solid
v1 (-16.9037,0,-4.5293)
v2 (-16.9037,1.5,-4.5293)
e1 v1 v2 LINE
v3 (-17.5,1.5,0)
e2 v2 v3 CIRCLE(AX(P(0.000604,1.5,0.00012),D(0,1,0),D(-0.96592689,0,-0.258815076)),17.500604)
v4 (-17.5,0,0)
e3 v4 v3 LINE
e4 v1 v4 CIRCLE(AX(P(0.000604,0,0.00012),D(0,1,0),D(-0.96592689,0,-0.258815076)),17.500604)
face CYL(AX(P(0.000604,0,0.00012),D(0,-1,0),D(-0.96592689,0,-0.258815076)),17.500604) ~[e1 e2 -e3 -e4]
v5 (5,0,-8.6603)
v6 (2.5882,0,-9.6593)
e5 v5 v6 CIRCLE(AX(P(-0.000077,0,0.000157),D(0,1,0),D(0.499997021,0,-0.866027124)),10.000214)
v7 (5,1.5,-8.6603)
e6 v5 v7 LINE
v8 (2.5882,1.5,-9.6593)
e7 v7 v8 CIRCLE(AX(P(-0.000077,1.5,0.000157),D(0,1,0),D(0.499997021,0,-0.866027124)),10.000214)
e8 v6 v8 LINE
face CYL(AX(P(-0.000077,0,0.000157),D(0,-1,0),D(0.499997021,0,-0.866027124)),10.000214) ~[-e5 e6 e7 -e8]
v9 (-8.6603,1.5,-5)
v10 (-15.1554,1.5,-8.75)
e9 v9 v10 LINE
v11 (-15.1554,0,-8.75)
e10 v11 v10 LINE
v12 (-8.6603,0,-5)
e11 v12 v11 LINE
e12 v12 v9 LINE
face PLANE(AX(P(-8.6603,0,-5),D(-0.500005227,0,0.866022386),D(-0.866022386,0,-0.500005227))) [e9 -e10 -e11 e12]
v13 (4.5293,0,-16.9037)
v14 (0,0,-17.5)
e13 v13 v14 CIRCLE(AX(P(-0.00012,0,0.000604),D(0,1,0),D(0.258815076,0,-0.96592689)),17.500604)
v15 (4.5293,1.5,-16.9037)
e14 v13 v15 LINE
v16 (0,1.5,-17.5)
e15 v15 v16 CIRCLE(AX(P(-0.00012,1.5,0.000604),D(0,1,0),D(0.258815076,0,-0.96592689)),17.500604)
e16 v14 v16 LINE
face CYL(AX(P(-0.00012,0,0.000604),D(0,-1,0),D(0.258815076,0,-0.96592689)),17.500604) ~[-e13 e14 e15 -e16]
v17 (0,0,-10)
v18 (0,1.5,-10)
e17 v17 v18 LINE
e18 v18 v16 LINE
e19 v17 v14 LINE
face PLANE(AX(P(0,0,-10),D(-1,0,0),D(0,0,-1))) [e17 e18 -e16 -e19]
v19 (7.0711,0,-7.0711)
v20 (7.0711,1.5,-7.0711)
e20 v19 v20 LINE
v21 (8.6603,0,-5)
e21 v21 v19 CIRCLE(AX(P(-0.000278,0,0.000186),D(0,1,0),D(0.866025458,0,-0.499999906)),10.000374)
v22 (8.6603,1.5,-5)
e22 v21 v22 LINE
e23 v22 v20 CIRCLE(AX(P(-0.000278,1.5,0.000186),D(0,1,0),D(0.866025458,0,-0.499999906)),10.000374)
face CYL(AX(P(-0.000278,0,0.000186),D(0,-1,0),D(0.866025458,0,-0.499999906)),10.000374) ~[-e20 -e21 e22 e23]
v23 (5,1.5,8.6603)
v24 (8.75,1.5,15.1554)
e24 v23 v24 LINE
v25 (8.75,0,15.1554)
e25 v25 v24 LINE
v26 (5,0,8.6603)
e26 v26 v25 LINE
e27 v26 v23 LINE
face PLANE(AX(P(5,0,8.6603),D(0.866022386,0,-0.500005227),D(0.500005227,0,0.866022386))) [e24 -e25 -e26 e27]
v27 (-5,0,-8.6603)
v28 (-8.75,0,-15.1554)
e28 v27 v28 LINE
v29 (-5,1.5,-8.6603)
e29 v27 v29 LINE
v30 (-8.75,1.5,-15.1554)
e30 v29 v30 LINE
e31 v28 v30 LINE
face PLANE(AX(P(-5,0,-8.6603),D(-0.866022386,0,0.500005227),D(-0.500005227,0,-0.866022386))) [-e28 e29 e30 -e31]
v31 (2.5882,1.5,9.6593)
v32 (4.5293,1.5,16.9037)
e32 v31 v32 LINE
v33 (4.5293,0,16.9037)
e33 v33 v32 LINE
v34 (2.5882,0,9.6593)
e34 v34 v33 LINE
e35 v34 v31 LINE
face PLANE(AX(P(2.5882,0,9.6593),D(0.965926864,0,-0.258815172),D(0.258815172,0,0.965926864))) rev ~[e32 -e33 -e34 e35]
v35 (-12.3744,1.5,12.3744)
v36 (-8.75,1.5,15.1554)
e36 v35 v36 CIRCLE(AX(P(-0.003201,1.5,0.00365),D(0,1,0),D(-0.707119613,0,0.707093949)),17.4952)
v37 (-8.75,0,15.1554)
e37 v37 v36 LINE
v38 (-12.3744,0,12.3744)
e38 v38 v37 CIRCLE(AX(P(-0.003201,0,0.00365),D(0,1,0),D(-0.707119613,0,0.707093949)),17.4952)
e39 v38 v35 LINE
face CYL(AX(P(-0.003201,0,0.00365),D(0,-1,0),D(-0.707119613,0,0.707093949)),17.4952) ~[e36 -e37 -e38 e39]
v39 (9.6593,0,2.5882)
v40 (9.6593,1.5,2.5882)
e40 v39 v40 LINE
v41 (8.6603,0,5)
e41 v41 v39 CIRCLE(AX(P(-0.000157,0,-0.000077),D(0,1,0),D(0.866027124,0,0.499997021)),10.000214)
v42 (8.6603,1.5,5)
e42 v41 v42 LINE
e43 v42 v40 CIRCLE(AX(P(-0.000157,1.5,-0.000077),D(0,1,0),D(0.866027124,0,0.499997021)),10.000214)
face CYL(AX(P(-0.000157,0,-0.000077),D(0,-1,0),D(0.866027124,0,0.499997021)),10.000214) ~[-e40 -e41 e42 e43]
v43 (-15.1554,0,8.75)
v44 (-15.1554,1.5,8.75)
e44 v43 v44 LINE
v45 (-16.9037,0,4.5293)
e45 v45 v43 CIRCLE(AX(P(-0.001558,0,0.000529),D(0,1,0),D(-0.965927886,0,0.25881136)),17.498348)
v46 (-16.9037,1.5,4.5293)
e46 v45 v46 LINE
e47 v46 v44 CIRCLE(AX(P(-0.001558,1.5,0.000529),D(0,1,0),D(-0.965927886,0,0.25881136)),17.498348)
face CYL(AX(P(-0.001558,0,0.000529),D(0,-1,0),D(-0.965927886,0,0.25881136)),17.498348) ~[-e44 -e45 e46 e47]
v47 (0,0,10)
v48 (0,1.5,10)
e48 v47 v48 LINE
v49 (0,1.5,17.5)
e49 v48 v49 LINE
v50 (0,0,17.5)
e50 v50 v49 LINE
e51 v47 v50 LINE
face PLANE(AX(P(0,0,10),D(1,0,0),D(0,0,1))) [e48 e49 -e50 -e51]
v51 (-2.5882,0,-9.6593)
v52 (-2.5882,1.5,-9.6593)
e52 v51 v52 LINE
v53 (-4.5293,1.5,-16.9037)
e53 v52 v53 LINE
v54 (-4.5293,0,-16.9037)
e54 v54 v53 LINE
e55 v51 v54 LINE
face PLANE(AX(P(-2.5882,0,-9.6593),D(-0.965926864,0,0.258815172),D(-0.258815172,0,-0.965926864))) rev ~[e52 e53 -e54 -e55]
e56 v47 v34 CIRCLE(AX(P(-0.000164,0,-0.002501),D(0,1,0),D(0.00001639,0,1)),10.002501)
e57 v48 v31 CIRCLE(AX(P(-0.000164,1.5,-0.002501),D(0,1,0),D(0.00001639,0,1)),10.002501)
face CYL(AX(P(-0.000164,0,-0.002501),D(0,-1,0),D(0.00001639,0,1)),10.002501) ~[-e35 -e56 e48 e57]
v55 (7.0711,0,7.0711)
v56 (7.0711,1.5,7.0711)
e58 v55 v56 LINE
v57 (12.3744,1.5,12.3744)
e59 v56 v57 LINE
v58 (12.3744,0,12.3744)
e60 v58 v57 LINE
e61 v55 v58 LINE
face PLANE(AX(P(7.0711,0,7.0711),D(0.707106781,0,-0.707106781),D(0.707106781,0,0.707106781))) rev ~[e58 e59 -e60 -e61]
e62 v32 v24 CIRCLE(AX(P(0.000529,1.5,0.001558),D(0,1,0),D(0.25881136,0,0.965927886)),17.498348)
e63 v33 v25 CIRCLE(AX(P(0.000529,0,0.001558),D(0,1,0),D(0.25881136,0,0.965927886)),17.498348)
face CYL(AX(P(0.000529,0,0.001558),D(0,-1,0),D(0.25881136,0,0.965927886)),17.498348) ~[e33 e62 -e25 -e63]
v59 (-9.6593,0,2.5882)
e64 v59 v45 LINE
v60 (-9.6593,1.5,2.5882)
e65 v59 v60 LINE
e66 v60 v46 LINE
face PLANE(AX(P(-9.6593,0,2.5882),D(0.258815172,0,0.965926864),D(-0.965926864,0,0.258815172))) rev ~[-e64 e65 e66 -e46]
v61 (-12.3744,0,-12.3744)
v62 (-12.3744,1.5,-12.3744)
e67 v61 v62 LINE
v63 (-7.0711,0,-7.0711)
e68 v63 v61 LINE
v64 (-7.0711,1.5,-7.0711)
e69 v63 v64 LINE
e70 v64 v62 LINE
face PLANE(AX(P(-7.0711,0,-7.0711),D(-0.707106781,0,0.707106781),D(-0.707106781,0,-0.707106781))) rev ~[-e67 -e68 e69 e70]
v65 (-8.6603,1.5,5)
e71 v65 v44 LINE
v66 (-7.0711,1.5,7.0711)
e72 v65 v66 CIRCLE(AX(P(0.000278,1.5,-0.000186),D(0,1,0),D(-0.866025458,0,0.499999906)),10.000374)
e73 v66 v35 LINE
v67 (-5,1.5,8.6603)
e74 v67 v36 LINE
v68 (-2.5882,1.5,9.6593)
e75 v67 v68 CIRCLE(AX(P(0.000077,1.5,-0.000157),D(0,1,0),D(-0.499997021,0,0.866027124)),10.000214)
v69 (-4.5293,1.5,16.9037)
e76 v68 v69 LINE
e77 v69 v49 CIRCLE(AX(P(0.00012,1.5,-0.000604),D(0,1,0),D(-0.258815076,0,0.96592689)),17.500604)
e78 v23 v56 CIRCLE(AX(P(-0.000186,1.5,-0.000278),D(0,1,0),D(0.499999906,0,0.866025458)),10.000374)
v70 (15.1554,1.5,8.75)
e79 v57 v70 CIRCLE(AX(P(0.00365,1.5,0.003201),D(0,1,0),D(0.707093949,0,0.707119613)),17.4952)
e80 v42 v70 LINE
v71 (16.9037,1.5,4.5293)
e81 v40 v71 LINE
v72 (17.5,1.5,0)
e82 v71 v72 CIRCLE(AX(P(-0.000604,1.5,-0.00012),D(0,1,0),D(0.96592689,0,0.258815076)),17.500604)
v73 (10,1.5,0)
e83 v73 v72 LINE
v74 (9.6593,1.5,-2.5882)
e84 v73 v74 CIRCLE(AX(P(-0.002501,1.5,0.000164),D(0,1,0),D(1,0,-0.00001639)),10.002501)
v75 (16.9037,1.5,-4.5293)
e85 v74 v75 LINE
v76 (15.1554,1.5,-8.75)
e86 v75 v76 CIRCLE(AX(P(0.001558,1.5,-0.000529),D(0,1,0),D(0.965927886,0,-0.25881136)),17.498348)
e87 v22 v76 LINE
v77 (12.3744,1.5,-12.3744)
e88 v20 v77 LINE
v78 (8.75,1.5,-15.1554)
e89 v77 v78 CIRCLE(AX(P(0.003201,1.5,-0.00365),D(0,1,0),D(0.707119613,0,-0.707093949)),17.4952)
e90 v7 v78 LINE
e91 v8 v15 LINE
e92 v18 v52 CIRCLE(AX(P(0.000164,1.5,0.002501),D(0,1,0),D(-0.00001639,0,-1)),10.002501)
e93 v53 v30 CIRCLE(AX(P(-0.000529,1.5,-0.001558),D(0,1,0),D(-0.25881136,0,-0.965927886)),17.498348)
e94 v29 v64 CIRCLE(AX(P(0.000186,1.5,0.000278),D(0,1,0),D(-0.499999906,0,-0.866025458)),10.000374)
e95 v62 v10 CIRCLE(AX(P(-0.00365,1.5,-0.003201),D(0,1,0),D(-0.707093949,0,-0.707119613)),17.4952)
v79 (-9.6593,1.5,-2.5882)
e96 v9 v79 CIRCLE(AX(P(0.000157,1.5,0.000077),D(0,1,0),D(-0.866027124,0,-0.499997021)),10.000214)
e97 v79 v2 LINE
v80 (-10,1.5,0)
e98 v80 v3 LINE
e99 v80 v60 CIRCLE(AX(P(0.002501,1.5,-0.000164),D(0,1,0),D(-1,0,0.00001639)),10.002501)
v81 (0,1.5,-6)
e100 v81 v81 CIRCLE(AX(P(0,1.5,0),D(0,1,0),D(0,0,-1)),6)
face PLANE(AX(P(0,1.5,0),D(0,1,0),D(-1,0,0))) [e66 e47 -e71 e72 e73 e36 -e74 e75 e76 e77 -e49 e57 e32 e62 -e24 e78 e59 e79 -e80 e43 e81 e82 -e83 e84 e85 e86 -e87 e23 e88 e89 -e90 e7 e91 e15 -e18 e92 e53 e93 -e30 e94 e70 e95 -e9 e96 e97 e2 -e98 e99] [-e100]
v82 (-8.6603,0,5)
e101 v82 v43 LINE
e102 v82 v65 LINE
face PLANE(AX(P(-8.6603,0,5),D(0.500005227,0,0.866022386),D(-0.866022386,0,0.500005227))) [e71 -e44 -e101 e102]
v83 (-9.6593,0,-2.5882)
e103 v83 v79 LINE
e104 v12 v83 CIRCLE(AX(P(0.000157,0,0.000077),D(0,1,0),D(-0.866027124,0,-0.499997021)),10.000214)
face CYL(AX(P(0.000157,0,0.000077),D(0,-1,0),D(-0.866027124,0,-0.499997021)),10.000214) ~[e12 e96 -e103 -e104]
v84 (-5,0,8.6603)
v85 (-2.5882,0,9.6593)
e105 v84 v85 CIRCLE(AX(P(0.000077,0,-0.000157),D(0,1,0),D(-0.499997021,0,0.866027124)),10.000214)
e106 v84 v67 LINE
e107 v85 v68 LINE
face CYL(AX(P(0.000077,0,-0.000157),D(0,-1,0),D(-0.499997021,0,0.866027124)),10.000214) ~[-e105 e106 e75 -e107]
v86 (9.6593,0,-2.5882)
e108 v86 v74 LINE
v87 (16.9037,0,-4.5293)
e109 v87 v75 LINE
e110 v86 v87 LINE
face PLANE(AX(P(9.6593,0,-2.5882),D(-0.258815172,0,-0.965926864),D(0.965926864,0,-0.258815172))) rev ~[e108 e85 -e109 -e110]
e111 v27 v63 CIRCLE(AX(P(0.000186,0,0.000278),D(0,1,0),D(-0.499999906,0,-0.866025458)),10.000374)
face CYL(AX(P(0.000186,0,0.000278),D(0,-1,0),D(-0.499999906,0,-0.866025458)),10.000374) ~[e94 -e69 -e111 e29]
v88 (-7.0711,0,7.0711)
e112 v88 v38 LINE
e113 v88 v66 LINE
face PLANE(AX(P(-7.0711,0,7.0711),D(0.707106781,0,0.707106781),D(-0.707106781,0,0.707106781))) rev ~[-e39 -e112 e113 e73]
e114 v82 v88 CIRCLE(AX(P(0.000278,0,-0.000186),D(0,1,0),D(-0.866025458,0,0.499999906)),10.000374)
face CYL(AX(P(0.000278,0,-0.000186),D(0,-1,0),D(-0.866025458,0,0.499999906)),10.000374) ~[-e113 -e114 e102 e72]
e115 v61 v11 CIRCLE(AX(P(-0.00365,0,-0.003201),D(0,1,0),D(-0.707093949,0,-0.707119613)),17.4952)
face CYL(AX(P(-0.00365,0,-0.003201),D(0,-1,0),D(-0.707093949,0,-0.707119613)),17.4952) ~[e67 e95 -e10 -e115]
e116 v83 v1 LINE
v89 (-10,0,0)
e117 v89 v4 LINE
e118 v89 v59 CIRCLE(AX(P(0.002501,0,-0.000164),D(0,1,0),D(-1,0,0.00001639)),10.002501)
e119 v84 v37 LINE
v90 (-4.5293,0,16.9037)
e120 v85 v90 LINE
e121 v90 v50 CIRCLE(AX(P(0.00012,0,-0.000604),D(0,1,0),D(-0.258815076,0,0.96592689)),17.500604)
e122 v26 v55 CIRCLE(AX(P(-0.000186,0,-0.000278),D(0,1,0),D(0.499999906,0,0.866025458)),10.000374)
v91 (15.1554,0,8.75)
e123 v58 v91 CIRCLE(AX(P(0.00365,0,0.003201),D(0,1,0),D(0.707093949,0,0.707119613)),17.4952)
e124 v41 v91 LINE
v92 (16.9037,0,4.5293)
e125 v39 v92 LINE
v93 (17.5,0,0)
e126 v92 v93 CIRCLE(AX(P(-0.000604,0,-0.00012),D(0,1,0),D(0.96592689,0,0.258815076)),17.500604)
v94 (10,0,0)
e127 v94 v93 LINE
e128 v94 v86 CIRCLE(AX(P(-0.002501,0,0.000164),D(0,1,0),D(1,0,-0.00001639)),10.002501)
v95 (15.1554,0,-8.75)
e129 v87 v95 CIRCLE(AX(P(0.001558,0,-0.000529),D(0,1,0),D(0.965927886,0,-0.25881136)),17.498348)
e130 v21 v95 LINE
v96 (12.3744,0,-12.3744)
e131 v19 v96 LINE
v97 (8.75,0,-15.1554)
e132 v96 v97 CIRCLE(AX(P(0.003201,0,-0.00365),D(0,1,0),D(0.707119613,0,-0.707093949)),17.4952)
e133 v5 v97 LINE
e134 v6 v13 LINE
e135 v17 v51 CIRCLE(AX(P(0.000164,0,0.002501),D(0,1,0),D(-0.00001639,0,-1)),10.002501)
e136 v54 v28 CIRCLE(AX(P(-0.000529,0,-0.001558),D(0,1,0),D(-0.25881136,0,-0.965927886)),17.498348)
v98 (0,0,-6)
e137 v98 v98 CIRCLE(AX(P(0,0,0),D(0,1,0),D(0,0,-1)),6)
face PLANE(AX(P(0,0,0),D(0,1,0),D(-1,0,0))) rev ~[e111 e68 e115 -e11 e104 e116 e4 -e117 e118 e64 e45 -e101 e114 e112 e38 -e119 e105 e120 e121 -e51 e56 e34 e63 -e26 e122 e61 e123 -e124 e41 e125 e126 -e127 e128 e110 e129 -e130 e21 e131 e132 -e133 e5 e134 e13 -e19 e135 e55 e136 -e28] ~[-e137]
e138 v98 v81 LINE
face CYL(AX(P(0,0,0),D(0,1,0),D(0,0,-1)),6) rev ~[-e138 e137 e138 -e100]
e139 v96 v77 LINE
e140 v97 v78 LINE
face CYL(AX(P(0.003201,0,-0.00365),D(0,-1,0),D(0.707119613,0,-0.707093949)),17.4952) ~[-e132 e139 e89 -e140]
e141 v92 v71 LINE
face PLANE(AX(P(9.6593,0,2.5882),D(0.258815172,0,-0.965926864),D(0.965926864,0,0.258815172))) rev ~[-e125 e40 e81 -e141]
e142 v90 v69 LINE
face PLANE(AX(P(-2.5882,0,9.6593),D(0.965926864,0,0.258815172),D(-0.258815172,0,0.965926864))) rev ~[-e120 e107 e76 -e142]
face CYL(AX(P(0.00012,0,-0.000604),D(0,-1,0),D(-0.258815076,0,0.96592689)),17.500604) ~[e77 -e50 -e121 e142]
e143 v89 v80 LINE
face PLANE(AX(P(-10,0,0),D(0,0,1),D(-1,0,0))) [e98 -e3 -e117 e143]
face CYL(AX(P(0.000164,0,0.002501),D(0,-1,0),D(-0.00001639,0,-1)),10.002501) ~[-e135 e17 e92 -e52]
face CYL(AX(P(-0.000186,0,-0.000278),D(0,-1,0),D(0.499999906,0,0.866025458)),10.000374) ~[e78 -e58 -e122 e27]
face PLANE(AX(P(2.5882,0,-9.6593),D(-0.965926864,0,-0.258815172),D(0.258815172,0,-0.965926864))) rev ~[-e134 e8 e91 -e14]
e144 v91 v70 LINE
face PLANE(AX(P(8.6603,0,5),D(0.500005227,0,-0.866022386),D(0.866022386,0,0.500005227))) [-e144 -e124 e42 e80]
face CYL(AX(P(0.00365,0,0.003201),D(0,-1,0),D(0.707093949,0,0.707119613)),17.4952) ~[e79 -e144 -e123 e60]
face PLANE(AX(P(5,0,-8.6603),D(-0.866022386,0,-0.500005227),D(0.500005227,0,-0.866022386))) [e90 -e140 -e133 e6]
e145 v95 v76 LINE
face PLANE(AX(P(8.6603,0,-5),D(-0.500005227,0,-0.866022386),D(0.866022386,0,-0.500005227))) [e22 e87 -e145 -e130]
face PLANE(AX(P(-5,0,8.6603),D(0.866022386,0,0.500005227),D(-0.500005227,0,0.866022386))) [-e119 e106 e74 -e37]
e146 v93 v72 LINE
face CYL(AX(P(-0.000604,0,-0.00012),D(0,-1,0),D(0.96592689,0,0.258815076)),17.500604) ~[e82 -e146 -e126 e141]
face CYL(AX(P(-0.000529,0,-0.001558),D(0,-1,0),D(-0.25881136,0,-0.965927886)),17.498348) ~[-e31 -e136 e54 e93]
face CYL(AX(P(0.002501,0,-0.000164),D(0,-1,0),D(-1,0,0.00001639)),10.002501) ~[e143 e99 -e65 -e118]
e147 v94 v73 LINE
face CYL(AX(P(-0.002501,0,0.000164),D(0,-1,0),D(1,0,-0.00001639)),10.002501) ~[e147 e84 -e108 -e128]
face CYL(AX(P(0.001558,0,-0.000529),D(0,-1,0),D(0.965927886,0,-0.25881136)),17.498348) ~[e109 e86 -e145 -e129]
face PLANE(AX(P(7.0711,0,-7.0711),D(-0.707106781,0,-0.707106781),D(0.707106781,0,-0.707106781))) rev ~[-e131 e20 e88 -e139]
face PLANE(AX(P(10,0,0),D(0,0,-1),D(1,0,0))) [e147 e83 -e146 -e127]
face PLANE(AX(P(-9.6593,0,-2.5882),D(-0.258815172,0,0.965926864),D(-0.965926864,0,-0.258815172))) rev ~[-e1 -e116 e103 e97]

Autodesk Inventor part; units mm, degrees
ref_plane "YZ Plane" through (0, 0, 0) normal (1, 0, 0) x (0, 1, 0)
ref_plane "XZ Plane" through (0, 0, 0) normal (0, 1, 0) x (-1, 0, 0)
ref_plane "XY Plane" through (0, 0, 0) normal (0, 0, 1) x (1, 0, 0)
sketch "Boceto1" plane through (0, 0, 0) normal (0, 1, 0) x (-1, 0, 0)
  line L0 (0, -10) -> (0, -17.5)
  arc A0 (0, -10) -> (2.5882, -9.6593) centre (0, 0) ccw
  line L1 (2.5882, -9.6593) -> (4.5293, -16.9037)
  line L2 (5, -8.6603) -> (8.75, -15.1554)
  arc A1 (5, -8.6603) -> (7.0711, -7.0711) centre (0, 0) ccw
  line L3 (7.0711, -7.0711) -> (12.3744, -12.3744)
  line L4 (8.6603, -5) -> (15.1554, -8.75)
  arc A2 (8.6603, -5) -> (9.6593, -2.5882) centre (0, 0) ccw
  line L5 (9.6593, -2.5882) -> (16.9037, -4.5293)
  line L6 (10, 0) -> (17.5, 0)
  arc A3 (10, 0) -> (9.6593, 2.5882) centre (0, 0) ccw
  line L7 (9.6593, 2.5882) -> (16.9037, 4.5293)
  line L8 (8.6603, 5) -> (15.1554, 8.75)
  arc A4 (8.6603, 5) -> (7.0711, 7.0711) centre (0, 0) ccw
  line L9 (7.0711, 7.0711) -> (12.3744, 12.3744)
  line L10 (5, 8.6603) -> (8.75, 15.1554)
  arc A5 (5, 8.6603) -> (2.5882, 9.6593) centre (0, 0) ccw
  line L11 (2.5882, 9.6593) -> (4.5293, 16.9037)
  line L12 (0, 10) -> (0, 17.5)
  arc A6 (0, 10) -> (-2.5882, 9.6593) centre (0, 0) ccw
  line L13 (-2.5882, 9.6593) -> (-4.5293, 16.9037)
  line L14 (-5, 8.6603) -> (-8.75, 15.1554)
  arc A7 (-5, 8.6603) -> (-7.0711, 7.0711) centre (0, 0) ccw
  line L15 (-7.0711, 7.0711) -> (-12.3744, 12.3744)
  line L16 (-8.6603, 5) -> (-15.1554, 8.75)
  arc A8 (-8.6603, 5) -> (-9.6593, 2.5882) centre (0, 0) ccw
  line L17 (-9.6593, 2.5882) -> (-16.9037, 4.5293)
  line L18 (-10, 0) -> (-17.5, 0)
  arc A9 (-10, 0) -> (-9.6593, -2.5882) centre (0, 0) ccw
  line L19 (-9.6593, -2.5882) -> (-16.9037, -4.5293)
  line L20 (-8.6603, -5) -> (-15.1554, -8.75)
  arc A10 (-8.6603, -5) -> (-7.0711, -7.0711) centre (0, 0) ccw
  line L21 (-7.0711, -7.0711) -> (-12.3744, -12.3744)
  line L22 (-5, -8.6603) -> (-8.75, -15.1554)
  arc A11 (-5, -8.6603) -> (-2.5882, -9.6593) centre (0, 0) ccw
  line L23 (-2.5882, -9.6593) -> (-4.5293, -16.9037)
  arc A12 (12.3744, 12.3744) -> (8.75, 15.1554) centre (0, 0) ccw
  arc A13 (16.9037, 4.5293) -> (15.1554, 8.75) centre (0, 0) ccw
  arc A14 (16.9037, -4.5293) -> (17.5, 0) centre (0, 0) ccw
  arc A15 (12.3744, -12.3744) -> (15.1554, -8.75) centre (0, 0) ccw
  arc A16 (4.5293, -16.9037) -> (8.75, -15.1554) centre (0, 0) ccw
  arc A17 (-4.5293, -16.9037) -> (0, -17.5) centre (0, 0) ccw
  arc A18 (-12.3744, -12.3744) -> (-8.75, -15.1554) centre (0, 0) ccw
  arc A19 (-16.9037, -4.5293) -> (-15.1554, -8.75) centre (0, 0) ccw
  arc A20 (-16.9037, 4.5293) -> (-17.5, 0) centre (0, 0) ccw
  arc A21 (-12.3744, 12.3744) -> (-15.1554, 8.75) centre (0, 0) ccw
  arc A22 (4.5293, 16.9037) -> (0, 17.5) centre (0, 0) ccw
  arc A23 (-4.5293, 16.9037) -> (-8.75, 15.1554) centre (0, 0) ccw
  line L24 (5.1962, 3) -> (7.1962, 3)
  line L25 (7.1962, 3) -> (7.1962, -3)
  line L26 (7.1962, -3) -> (5.1962, -3)
  line L27 (-5.1962, -3) -> (-7.1962, -3)
  line L28 (-7.1962, -3) -> (-7.1962, 3)
  line L29 (-7.1962, 3) -> (-5.1962, 3)
  arc A24 (5.1962, 3) -> (-5.1962, 3) centre (0, 0) ccw
  arc A25 (-5.1962, -3) -> (5.1962, -3) centre (0, 0) ccw
  dimension "d6" = 360
  dimension "d11" = 2
  dimension "d12" = 6
  dimension "d13" = 2
  dimension "d14" = 6
extrude "Extrusión1" add sketch "Boceto1" along normal blind 1.5 contours L0 A17 L23 A11 L22 A18 L21 A10 L20 A19 L19 A9 L18 A20 L17 A8 L16 A21 L15 A7 L14 A23 L13 A6 L12 A22 L11 A5 L10 A12 L9 A4 L8 A13 L7 A3 L6 A14 L5 A2 L4 A15 L3 A1 L2 A16 L1 A0 | L24 L25 L26 A25 L27 L28 L29 A24
sketch "Boceto2" plane through (0, 0, 0) normal (0, -1, 0) x (1, 0, 0)
  arc A0 (-9.6593, -2.5882) -> (-8.6603, -5) centre (0, 0) ccw projected
hole "Agujero1" at (0, 0, 0) direction (0, 1, 0) diameter 12 depth 8 tip angle 118
properties part number "Encoder2"
